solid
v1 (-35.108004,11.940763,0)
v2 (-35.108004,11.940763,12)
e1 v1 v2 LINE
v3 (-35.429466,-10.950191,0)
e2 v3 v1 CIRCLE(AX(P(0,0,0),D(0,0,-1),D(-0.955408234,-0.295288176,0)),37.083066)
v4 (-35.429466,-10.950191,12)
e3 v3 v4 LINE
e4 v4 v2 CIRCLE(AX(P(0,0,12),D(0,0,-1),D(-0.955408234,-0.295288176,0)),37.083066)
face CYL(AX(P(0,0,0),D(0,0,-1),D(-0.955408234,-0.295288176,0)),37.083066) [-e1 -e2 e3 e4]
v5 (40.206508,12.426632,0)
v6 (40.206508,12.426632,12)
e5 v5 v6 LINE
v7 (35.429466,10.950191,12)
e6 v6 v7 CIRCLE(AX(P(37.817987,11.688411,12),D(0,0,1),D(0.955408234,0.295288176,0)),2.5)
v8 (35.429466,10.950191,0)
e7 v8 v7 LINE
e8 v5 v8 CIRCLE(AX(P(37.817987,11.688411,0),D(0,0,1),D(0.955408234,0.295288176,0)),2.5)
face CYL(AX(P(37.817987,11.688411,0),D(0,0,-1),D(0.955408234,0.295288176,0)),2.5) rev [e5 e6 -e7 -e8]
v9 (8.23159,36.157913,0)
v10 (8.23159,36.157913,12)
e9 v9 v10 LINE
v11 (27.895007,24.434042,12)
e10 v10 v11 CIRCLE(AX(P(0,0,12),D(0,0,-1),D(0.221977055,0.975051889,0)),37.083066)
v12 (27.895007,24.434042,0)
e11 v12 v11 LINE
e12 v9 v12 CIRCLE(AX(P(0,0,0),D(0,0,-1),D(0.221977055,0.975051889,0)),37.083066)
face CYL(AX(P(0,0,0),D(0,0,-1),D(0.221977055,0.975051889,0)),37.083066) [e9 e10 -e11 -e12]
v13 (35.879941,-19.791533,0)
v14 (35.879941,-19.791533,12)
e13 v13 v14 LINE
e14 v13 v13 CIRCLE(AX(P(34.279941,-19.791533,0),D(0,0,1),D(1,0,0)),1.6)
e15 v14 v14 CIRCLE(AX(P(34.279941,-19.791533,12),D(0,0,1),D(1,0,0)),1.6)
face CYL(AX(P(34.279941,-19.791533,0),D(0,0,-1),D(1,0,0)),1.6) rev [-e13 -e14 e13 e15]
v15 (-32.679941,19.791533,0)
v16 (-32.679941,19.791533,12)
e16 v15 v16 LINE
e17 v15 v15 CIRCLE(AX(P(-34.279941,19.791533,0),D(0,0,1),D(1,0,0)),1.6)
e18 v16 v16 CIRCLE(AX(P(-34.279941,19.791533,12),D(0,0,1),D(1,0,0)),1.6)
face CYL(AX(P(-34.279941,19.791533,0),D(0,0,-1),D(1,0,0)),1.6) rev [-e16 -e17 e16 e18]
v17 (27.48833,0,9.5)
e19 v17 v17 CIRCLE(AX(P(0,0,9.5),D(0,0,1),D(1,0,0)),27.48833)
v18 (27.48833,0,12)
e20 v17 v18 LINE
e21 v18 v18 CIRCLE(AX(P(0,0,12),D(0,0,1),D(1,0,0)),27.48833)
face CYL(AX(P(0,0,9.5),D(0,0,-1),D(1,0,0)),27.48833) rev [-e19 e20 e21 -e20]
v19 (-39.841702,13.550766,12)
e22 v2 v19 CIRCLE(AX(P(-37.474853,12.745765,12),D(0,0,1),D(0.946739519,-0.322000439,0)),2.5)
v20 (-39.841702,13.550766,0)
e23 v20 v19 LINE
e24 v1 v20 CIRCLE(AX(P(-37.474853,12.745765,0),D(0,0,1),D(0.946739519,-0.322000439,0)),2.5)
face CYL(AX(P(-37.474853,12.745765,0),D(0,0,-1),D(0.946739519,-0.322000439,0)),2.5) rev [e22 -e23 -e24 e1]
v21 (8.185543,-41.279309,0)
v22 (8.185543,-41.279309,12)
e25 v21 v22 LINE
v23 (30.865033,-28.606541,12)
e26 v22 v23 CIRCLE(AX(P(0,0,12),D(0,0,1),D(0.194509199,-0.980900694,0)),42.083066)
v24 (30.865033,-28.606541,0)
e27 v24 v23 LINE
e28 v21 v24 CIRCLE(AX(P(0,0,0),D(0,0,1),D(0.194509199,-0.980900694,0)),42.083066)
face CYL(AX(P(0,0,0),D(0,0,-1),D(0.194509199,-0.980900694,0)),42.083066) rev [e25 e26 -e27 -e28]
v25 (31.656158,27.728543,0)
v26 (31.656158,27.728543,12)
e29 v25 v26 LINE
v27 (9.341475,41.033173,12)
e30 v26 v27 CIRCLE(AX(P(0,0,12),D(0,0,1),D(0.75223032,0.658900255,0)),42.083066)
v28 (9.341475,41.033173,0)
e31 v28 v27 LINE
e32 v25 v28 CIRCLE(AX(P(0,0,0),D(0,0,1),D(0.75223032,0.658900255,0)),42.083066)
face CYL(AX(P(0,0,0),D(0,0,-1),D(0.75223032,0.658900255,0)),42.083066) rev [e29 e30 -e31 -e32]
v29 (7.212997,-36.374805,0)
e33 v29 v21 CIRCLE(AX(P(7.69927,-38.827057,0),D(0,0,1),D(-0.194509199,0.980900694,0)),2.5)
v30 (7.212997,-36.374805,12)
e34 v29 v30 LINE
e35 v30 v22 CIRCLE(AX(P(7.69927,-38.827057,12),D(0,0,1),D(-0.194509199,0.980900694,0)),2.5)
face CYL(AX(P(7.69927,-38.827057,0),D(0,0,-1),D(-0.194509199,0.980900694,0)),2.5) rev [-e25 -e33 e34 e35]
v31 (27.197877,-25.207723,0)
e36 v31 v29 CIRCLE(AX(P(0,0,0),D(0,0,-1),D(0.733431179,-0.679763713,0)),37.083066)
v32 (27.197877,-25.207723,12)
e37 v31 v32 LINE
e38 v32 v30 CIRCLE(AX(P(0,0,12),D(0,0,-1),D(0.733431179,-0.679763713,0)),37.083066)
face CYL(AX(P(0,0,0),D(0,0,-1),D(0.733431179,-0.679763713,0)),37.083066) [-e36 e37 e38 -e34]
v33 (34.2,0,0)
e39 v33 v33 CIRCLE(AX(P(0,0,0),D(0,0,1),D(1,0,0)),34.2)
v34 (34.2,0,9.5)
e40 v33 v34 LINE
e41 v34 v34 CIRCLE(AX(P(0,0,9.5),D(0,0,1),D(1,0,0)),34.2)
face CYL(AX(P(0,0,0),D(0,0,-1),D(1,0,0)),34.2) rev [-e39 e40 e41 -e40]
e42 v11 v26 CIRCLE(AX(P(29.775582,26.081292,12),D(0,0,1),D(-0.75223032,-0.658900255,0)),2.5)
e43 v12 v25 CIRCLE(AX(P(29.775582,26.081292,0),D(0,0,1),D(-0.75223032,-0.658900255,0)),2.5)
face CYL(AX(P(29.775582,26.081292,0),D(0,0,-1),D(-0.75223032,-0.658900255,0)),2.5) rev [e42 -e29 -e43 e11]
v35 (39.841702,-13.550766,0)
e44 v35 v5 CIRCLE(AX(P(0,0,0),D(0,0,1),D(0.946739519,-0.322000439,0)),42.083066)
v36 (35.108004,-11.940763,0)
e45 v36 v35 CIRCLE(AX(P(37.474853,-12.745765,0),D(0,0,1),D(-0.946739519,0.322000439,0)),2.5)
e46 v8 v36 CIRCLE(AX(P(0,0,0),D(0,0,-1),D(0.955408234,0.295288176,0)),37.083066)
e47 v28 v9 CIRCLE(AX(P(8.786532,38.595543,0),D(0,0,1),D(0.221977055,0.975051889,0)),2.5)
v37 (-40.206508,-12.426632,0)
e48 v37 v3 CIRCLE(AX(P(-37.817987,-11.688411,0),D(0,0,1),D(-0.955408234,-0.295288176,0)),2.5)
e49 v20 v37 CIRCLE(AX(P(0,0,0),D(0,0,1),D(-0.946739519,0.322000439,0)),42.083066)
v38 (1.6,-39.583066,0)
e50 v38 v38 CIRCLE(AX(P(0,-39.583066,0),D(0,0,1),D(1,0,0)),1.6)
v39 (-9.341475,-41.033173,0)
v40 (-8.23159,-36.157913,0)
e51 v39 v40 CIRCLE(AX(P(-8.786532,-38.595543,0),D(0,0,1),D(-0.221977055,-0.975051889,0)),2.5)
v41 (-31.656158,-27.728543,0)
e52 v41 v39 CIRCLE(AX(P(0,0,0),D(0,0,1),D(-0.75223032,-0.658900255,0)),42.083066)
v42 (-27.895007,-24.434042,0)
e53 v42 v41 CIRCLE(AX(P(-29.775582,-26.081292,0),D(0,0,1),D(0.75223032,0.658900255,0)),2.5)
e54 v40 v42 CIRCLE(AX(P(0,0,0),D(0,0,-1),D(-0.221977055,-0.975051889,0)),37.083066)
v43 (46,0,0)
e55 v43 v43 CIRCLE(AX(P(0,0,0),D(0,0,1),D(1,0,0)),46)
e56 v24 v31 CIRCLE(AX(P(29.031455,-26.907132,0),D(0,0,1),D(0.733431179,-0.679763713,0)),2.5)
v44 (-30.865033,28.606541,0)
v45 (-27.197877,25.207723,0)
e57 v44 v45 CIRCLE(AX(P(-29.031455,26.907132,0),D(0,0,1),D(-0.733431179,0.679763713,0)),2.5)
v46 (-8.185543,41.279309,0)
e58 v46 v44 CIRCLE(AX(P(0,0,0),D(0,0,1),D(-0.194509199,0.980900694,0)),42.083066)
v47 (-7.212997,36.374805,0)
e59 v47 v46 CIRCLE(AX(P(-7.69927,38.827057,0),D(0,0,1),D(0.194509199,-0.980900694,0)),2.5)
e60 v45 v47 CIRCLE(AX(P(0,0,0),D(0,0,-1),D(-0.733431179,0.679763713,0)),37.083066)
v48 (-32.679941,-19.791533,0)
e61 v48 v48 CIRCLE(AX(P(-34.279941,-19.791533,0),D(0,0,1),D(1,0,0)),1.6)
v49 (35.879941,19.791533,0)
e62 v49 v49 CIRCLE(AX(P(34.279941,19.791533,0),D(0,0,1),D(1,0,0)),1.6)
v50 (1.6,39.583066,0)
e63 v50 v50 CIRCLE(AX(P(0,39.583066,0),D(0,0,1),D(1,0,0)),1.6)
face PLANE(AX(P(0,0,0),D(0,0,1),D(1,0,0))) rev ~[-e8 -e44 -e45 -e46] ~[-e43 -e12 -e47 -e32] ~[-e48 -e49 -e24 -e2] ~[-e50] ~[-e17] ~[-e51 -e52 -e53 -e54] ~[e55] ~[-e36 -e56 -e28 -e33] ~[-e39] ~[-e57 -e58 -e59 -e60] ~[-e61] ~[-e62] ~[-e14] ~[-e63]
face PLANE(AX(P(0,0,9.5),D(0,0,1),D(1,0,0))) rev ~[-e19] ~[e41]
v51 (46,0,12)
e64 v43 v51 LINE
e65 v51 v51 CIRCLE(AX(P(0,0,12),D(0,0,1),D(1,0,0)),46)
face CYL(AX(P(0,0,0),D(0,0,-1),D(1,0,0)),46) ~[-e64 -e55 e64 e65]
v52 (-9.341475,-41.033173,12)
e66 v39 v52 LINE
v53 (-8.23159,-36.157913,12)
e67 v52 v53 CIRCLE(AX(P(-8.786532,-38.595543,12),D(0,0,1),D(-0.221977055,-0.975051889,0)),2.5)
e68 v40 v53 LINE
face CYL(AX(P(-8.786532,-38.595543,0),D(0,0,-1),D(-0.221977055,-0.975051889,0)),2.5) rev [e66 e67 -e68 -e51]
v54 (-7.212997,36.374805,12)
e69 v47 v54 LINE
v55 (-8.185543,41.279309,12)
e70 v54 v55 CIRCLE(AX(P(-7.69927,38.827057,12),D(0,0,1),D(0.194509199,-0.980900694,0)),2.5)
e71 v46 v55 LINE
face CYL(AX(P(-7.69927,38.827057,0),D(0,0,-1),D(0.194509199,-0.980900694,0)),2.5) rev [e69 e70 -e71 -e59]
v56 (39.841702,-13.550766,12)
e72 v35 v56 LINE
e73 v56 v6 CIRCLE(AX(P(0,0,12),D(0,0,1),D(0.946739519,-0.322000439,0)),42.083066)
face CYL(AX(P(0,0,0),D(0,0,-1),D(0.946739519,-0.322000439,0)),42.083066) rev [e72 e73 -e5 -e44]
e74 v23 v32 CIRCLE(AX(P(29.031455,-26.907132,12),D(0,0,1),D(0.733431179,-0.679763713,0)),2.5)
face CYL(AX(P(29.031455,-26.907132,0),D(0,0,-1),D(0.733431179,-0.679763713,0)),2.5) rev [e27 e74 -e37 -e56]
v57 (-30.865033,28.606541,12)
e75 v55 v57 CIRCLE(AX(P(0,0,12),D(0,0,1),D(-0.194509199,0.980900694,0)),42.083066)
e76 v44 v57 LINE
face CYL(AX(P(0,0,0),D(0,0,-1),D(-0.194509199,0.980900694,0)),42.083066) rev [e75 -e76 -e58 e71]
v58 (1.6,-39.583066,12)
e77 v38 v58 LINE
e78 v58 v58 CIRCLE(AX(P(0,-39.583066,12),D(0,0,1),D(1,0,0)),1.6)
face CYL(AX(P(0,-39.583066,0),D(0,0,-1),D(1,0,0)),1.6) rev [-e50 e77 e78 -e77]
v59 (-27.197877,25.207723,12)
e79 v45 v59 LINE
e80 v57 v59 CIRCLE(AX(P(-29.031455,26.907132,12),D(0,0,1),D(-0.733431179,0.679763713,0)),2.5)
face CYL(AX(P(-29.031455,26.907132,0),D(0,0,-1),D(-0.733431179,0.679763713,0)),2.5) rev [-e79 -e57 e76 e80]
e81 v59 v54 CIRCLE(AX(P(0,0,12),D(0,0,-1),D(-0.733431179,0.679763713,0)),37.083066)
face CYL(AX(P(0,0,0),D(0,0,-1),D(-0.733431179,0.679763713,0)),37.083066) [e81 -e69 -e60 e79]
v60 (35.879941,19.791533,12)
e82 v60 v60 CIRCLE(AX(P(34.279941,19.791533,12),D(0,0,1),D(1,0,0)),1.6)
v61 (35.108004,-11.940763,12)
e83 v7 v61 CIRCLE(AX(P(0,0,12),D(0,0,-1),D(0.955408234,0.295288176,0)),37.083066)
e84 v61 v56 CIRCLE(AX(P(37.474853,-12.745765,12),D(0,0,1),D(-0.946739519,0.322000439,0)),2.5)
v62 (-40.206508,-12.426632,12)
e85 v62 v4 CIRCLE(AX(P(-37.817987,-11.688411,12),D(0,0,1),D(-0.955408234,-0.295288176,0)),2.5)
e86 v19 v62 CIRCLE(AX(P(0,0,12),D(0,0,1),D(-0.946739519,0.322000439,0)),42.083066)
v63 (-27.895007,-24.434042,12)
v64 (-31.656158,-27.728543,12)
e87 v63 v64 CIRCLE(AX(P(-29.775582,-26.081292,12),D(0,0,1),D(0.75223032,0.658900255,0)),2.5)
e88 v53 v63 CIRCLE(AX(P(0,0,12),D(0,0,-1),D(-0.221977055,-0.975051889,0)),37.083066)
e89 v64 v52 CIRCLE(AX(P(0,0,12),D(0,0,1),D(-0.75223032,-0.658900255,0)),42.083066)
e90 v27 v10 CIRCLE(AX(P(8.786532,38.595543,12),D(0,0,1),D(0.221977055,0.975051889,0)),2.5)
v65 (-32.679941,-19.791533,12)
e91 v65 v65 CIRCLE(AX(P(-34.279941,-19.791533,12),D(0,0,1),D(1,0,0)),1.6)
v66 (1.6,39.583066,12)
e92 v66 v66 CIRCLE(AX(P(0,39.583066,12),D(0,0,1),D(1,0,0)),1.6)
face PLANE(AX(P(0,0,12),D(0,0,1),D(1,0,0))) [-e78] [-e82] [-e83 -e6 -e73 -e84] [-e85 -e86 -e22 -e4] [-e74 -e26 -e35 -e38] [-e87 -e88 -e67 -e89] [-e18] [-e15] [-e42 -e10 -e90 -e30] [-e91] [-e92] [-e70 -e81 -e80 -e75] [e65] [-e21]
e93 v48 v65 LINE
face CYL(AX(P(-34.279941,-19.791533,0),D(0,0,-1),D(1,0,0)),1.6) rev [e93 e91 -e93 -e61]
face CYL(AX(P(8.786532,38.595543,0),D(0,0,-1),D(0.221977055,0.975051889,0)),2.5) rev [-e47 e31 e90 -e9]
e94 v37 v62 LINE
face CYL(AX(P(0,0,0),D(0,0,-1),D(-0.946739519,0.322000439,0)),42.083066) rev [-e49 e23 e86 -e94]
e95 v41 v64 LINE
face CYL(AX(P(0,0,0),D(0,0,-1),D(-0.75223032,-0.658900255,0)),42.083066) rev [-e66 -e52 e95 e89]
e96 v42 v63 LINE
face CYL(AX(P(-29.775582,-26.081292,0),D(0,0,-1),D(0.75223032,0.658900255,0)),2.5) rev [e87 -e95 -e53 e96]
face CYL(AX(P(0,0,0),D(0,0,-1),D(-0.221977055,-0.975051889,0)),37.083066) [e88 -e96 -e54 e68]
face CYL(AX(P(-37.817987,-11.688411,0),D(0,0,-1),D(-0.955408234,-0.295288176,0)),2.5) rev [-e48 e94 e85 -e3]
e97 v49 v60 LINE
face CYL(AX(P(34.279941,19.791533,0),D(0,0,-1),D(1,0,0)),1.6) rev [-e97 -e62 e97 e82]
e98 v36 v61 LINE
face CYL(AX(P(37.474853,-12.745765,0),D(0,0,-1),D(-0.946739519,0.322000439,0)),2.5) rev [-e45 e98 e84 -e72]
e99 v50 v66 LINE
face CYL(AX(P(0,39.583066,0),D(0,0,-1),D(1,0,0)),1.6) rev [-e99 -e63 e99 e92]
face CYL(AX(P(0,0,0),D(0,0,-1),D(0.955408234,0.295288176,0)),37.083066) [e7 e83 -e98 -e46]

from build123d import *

# Parameters (mm, degrees)
SKETCH_1_R      = 46
SKETCH_1_R_2    = 34.2
SKETCH_1_R_3    = 1.6
EXTRUDE_1_DEPTH = 12
EXTRUDE_START   = -2.5
SKETCH_4_R      = 34.2
SKETCH_4_R_2    = 27.488330285
EXTRUDE_2_DEPTH = 2.5


with BuildPart() as part:
    # 草图1 → 凸台-拉伸1 (new body)
    with BuildSketch(Plane.XY):
        Circle(SKETCH_1_R)
        Circle(SKETCH_1_R_2, mode=Mode.SUBTRACT)
        with Locations((0, 39.58306587)):
            Circle(SKETCH_1_R_3, mode=Mode.SUBTRACT)
        with Locations((34.279940603, 19.791532935)):
            Circle(SKETCH_1_R_3, mode=Mode.SUBTRACT)
        with Locations((34.279940603, -19.791532935)):
            Circle(SKETCH_1_R_3, mode=Mode.SUBTRACT)
        with Locations((0, -39.58306587)):
            Circle(SKETCH_1_R_3, mode=Mode.SUBTRACT)
        with Locations((-34.279940603, -19.791532935)):
            Circle(SKETCH_1_R_3, mode=Mode.SUBTRACT)
        with Locations((-34.279940603, 19.791532935)):
            Circle(SKETCH_1_R_3, mode=Mode.SUBTRACT)
        with BuildLine():
            ThreePointArc((-8.185543448, 41.279308515), (-20.527703984, 36.736872515), (-30.865032605, 28.606541127))
            ThreePointArc((-30.865032605, 28.606541127), (-30.730863942, 25.073553897), (-27.197876712, 25.20772256))
            ThreePointArc((-27.197876712, 25.20772256), (-18.088753356, 32.372067841), (-7.212997452, 36.374805045))
            ThreePointArc((-7.212997452, 36.374805045), (-5.247018715, 39.313329778), (-8.185543448, 41.279308515))
        make_face(mode=Mode.SUBTRACT)
        with BuildLine():
            ThreePointArc((31.6561581, 27.728542827), (21.551212861, 36.145949389), (9.341475028, 41.033172889))
            ThreePointArc((9.341475028, 41.033172889), (6.348902667, 39.150485803), (8.231589753, 36.157913442))
            ThreePointArc((8.231589753, 36.157913442), (18.990656446, 31.85135385), (27.895006501, 24.434041553))
            ThreePointArc((27.895006501, 24.434041553), (31.422832938, 24.200716391), (31.6561581, 27.728542827))
        make_face(mode=Mode.SUBTRACT)
        with BuildLine():
            ThreePointArc((39.841701549, -13.550765687), (42.078916845, -0.590923126), (40.206507633, 12.426631761))
            ThreePointArc((40.206507633, 12.426631761), (37.079766609, 14.076931906), (35.429466465, 10.950190881))
            ThreePointArc((35.429466465, 10.950190881), (37.079409802, -0.520713992), (35.108003953, -11.940763492))
            ThreePointArc((35.108003953, -11.940763492), (36.669851653, -15.112613388), (39.841701549, -13.550765687))
        make_face(mode=Mode.SUBTRACT)
        with BuildLine():
            ThreePointArc((8.185543448, -41.279308515), (20.527703984, -36.736872515), (30.865032605, -28.606541127))
            ThreePointArc((30.865032605, -28.606541127), (30.730863942, -25.073553897), (27.197876712, -25.20772256))
            ThreePointArc((27.197876712, -25.20772256), (18.088753356, -32.372067841), (7.212997452, -36.374805045))
            ThreePointArc((7.212997452, -36.374805045), (5.247018715, -39.313329778), (8.185543448, -41.279308515))
        make_face(mode=Mode.SUBTRACT)
        with BuildLine():
            ThreePointArc((-31.6561581, -27.728542827), (-21.551212861, -36.145949389), (-9.341475028, -41.033172889))
            ThreePointArc((-9.341475028, -41.033172889), (-6.348902667, -39.150485803), (-8.231589753, -36.157913442))
            ThreePointArc((-8.231589753, -36.157913442), (-18.990656446, -31.85135385), (-27.895006501, -24.434041553))
            ThreePointArc((-27.895006501, -24.434041553), (-31.422832938, -24.200716391), (-31.6561581, -27.728542827))
        make_face(mode=Mode.SUBTRACT)
        with BuildLine():
            ThreePointArc((-39.841701549, 13.550765687), (-42.078916845, 0.590923126), (-40.206507633, -12.426631761))
            ThreePointArc((-40.206507633, -12.426631761), (-37.079766609, -14.076931906), (-35.429466465, -10.950190881))
            ThreePointArc((-35.429466465, -10.950190881), (-37.079409802, 0.520713992), (-35.108003953, 11.940763492))
            ThreePointArc((-35.108003953, 11.940763492), (-36.669851653, 15.112613388), (-39.841701549, 13.550765687))
        make_face(mode=Mode.SUBTRACT)
    extrude(amount=EXTRUDE_1_DEPTH)

    # 草图4 → 凸台-拉伸2 (add)
    with BuildSketch(Plane.XY.offset(12).offset(EXTRUDE_START)):
        Circle(SKETCH_4_R)
        Circle(SKETCH_4_R_2, mode=Mode.SUBTRACT)
    extrude(amount=EXTRUDE_2_DEPTH)


solid = part.part
